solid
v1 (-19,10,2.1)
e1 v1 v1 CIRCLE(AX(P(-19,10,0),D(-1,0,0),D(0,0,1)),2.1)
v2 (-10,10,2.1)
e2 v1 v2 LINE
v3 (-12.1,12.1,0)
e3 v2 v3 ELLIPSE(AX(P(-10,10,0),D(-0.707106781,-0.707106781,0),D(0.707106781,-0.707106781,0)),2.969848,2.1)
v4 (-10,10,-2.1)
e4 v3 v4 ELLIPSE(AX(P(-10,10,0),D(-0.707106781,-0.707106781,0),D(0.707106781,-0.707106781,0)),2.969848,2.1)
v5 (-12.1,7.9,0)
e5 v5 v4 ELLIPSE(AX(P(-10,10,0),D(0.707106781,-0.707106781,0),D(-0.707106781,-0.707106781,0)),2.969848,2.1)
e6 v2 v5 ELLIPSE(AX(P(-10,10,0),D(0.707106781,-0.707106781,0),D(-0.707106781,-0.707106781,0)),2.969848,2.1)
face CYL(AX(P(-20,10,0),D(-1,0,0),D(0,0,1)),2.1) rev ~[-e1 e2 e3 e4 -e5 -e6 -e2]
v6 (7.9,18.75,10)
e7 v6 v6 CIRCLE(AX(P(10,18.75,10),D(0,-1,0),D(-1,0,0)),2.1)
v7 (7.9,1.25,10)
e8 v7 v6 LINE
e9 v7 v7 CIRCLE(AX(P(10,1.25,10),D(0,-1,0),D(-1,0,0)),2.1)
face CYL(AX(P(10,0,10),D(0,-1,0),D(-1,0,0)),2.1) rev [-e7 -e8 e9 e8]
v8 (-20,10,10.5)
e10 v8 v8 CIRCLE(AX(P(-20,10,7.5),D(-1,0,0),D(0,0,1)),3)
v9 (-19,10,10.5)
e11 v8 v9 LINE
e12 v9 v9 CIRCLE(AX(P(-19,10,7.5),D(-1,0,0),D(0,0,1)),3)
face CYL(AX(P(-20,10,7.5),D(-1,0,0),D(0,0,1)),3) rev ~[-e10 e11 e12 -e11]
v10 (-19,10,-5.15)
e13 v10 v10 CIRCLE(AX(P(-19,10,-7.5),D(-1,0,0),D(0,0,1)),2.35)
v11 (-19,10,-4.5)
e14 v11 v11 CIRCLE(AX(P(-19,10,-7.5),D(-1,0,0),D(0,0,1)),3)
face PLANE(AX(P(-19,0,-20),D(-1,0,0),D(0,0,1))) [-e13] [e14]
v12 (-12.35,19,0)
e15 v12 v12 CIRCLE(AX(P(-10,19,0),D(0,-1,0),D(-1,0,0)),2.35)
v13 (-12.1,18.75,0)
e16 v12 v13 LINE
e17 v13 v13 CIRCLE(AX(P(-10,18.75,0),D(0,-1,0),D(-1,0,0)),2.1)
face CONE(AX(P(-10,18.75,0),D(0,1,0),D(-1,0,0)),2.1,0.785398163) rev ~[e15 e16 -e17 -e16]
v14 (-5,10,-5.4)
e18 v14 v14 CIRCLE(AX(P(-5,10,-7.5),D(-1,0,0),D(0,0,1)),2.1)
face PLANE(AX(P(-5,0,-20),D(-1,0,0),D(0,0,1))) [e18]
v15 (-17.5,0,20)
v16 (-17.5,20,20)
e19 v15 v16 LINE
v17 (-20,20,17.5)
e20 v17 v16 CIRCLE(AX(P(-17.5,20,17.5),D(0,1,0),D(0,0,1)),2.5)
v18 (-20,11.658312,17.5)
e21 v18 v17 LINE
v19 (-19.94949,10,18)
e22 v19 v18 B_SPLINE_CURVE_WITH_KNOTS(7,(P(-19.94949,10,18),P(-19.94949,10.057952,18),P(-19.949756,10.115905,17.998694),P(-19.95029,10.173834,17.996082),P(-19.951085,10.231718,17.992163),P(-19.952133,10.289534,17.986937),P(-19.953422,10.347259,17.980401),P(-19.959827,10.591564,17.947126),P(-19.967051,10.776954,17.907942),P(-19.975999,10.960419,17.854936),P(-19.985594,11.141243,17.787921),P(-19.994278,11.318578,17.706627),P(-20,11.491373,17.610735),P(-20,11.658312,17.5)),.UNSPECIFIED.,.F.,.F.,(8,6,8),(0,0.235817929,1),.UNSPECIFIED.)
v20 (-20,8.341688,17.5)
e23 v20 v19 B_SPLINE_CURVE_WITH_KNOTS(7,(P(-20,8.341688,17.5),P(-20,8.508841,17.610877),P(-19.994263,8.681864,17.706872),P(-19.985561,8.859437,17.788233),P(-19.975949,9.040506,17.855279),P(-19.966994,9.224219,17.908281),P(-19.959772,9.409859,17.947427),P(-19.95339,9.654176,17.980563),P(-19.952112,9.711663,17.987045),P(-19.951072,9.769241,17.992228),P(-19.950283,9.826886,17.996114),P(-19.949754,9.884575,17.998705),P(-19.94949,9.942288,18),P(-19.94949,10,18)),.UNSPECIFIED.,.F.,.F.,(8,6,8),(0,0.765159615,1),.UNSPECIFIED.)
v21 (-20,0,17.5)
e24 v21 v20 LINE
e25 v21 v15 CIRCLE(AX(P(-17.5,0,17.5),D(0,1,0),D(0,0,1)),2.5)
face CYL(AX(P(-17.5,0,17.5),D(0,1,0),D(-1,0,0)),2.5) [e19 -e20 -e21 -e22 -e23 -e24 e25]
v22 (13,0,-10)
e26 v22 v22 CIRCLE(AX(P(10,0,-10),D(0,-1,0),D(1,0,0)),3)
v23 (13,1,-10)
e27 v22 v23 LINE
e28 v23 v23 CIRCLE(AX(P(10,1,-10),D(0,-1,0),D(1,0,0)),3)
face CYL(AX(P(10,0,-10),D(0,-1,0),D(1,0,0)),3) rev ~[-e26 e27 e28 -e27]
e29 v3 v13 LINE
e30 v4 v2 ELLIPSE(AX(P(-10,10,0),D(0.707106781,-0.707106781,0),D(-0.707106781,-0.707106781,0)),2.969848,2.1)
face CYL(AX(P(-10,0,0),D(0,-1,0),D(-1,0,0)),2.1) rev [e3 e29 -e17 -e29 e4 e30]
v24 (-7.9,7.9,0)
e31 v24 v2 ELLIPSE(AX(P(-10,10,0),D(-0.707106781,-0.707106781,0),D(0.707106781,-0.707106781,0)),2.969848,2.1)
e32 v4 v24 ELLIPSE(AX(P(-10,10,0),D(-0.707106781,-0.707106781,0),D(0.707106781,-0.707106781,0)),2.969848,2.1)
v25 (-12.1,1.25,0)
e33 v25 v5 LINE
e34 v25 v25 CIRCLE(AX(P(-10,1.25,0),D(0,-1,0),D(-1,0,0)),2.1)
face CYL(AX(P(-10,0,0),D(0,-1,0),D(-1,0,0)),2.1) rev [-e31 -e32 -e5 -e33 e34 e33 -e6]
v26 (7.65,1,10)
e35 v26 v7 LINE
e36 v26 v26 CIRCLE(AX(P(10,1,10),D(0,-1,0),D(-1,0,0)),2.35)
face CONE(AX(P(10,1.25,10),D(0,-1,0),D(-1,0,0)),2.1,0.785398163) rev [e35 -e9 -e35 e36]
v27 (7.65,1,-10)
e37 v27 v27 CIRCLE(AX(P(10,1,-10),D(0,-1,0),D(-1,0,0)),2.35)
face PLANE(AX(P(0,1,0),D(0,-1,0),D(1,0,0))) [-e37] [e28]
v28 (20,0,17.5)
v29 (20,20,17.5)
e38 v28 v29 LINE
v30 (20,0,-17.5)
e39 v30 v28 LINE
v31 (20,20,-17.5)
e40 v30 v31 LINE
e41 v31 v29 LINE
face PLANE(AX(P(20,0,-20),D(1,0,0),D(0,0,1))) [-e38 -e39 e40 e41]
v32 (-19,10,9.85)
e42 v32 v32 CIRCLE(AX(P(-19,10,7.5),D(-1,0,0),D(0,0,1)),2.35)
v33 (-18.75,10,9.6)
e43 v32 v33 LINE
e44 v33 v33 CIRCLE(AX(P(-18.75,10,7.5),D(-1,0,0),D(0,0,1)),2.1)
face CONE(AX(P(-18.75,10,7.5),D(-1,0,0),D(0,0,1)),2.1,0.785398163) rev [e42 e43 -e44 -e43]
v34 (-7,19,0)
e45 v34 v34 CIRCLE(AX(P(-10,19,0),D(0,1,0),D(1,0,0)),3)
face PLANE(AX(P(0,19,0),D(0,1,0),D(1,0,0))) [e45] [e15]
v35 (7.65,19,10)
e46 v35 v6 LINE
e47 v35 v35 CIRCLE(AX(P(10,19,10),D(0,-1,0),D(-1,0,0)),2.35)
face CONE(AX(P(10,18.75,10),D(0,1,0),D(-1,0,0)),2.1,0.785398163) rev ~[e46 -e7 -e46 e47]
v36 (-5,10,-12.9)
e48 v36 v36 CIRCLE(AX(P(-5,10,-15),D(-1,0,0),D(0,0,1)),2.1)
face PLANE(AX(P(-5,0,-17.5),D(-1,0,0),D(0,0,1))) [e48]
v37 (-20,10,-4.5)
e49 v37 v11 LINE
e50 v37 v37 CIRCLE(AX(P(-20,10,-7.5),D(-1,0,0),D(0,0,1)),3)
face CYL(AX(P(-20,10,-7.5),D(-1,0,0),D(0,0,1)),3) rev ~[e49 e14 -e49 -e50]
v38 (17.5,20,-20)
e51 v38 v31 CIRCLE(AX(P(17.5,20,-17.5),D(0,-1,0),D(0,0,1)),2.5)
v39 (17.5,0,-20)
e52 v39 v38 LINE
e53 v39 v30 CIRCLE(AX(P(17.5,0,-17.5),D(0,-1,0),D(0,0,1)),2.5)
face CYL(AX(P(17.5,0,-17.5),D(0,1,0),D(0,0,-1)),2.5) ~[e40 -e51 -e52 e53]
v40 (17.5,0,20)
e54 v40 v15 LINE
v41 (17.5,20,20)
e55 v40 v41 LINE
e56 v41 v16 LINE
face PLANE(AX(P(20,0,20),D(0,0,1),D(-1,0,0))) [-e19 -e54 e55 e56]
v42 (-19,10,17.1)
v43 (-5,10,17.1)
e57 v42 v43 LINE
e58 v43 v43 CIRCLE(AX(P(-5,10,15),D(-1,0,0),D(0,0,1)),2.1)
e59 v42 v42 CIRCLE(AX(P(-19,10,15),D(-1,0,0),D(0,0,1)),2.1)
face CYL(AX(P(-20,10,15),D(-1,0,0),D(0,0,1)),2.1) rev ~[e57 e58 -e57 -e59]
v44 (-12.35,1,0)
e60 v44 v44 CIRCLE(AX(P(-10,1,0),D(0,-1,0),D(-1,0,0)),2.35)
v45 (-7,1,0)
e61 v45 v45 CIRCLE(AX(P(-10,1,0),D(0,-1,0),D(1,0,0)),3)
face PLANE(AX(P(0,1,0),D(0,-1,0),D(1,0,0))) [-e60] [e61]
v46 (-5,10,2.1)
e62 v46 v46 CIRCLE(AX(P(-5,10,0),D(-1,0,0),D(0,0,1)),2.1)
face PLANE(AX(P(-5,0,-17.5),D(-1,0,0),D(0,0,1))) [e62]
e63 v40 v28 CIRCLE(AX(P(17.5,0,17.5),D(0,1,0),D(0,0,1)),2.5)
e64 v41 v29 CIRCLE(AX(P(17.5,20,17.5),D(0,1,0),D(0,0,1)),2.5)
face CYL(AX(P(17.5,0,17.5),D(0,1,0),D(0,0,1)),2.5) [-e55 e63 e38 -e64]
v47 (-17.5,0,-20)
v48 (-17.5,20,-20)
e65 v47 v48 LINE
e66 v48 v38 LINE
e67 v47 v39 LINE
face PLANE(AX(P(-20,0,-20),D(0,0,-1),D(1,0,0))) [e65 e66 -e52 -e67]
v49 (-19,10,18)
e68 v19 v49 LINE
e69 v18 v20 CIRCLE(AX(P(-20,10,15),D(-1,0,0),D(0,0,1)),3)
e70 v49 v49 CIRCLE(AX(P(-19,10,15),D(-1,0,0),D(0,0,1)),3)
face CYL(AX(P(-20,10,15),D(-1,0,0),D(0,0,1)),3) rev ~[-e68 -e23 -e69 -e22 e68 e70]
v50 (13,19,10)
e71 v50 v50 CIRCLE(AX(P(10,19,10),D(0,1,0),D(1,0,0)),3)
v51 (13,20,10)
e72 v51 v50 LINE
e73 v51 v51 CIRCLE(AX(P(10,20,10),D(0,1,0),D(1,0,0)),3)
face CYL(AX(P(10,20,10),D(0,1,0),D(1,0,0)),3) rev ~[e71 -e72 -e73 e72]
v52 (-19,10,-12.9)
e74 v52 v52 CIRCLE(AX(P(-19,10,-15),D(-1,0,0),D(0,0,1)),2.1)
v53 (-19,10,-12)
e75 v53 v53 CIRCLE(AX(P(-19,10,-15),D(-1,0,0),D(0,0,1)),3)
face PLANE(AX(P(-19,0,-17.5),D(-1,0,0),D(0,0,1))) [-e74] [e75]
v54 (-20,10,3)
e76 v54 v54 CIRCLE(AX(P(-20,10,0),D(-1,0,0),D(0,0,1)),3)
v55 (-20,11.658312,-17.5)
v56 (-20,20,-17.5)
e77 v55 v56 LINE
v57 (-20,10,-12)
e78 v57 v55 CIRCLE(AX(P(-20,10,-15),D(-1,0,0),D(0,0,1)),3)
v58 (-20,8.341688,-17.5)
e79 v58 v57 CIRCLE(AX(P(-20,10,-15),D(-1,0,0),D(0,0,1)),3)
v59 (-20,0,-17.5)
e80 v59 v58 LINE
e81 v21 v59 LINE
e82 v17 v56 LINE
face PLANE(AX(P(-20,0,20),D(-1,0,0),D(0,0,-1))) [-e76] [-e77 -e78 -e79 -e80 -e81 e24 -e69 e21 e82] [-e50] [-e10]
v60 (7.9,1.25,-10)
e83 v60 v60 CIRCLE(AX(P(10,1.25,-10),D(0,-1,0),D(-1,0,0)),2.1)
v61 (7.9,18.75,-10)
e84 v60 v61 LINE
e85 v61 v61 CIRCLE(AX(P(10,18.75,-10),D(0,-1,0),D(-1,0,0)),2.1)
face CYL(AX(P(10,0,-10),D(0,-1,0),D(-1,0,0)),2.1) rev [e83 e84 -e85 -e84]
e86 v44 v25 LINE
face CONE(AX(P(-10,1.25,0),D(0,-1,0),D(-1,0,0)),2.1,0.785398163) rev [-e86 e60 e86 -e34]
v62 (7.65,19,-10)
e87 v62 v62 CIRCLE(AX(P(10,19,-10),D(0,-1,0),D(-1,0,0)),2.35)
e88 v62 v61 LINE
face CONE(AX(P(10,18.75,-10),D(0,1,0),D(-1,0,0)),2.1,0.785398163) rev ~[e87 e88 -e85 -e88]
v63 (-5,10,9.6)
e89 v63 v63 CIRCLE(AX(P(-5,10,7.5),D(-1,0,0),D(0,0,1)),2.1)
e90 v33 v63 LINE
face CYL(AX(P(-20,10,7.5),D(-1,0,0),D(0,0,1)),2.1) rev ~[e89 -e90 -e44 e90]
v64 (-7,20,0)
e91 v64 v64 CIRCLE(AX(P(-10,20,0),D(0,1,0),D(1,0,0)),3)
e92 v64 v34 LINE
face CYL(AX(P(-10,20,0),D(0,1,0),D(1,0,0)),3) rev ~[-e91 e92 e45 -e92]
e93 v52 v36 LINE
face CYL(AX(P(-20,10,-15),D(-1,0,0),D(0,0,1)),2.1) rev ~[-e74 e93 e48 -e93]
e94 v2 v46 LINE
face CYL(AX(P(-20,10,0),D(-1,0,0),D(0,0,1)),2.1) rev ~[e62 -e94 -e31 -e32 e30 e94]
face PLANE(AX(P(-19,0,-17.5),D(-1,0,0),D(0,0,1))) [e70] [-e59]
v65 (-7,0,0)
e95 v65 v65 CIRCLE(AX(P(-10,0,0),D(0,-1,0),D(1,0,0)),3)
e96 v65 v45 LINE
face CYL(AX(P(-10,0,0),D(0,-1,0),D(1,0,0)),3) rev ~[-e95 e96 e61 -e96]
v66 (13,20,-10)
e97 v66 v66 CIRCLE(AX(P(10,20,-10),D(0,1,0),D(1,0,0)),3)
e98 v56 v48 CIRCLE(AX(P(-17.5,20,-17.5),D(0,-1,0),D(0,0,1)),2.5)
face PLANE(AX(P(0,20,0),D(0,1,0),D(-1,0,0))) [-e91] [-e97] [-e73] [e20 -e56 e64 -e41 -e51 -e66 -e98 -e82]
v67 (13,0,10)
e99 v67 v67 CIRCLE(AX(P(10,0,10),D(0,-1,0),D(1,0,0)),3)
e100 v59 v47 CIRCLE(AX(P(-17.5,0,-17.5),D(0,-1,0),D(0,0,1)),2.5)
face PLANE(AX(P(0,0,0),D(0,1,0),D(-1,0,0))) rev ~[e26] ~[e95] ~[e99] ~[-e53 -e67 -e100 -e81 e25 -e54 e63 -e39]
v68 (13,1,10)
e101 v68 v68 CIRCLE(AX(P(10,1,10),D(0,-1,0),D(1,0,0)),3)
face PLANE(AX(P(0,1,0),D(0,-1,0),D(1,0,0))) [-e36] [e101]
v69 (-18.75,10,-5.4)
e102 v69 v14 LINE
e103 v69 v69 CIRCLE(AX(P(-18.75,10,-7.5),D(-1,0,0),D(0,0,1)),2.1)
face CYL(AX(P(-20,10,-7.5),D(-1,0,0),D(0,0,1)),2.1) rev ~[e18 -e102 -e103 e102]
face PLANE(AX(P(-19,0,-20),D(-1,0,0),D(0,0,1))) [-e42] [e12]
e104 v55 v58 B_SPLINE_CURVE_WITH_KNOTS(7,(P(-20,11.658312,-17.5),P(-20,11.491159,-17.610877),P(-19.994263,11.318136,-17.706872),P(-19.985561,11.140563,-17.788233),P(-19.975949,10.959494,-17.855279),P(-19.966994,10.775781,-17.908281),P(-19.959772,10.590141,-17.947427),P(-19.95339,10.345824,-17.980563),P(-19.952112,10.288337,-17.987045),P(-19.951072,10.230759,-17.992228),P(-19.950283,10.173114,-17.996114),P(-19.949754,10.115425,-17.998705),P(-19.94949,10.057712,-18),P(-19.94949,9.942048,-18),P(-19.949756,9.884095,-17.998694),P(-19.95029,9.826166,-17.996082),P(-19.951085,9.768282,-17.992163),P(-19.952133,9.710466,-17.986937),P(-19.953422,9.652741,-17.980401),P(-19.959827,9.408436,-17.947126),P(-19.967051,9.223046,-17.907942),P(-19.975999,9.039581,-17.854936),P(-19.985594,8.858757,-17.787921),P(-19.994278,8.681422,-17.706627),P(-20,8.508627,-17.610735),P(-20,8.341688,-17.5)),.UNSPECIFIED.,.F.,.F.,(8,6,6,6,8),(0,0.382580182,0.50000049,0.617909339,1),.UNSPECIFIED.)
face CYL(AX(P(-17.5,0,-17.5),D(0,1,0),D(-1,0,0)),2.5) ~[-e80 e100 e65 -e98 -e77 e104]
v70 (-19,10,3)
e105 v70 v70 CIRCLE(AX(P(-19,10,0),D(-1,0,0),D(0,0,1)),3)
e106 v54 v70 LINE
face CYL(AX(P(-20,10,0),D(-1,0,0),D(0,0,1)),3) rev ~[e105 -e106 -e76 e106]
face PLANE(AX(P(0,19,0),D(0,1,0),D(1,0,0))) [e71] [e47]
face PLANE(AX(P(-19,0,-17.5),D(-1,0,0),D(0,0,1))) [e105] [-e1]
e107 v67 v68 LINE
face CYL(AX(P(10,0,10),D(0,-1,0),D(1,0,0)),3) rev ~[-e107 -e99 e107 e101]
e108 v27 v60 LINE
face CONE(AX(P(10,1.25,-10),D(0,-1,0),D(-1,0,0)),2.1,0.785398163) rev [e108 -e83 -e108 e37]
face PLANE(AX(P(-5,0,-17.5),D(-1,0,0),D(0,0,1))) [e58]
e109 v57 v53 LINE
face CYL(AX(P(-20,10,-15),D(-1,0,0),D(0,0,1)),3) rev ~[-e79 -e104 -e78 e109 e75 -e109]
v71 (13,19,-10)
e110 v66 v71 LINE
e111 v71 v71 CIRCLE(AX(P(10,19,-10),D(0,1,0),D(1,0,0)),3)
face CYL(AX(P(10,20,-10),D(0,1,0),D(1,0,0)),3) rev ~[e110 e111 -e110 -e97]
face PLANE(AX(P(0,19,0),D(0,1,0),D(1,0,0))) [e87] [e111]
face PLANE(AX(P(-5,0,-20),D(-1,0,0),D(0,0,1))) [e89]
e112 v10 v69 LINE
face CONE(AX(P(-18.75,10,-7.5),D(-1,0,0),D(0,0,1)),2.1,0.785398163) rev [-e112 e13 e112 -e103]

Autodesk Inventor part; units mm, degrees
ref_plane "YZ Plane" through (0, 0, 0) normal (1, 0, 0) x (0, 1, 0)
ref_plane "XZ Plane" through (0, 0, 0) normal (0, 1, 0) x (-1, 0, 0)
ref_plane "XY Plane" through (0, 0, 0) normal (0, 0, 1) x (1, 0, 0)
sketch "Sketch1" plane through (0, 0, 0) normal (0, 1, 0) x (-1, 0, 0)
  line L0 (-20, 20) -> (20, 20)
  line L1 (20, 20) -> (20, -20)
  line L2 (20, -20) -> (-20, -20)
  line L3 (-20, -20) -> (-20, 20)
  line L4 (-20, 20) -> (20, -20) construction
  line L5 (20, 20) -> (-20, -20) construction
  line L6 (20, 0) -> (10, 0) construction
  circle A0 centre (10, 0) radius 2.1
  line L7 (10, 0) -> (0, 0) construction
  line L8 (0, 0) -> (-10, 0) construction
  line L9 (-10, 0) -> (-10, -10) construction
  line L10 (-10, -10) -> (-10, 10) construction
  circle A1 centre (-10, 10) radius 2.1
  circle A2 centre (-10, -10) radius 2.1
  dimension "d0" = 40
  dimension "d1" = 40
  dimension "d2" = 10
  dimension "d3" = 4.2
  dimension "d4" = 10
  dimension "d5" = 10
  dimension "d6" = 10
  dimension "d7" = 20
  dimension "d8" = 4.2
  dimension "d9" = 4.2
extrude "Extrusion1" add sketch "Sketch1" along normal blind 20
sketch "Sketch2" plane through (0, 20, 0) normal (0, 1, 0) x (1, 0, 0)
  circle A0 centre (-10, 0) radius 2.1 projected
  circle A1 centre (-10, 0) radius 3
  circle A2 centre (10, 10) radius 2.1 projected
  circle A3 centre (10, 10) radius 3
  circle A4 centre (10, -10) radius 2.1 projected
  circle A5 centre (10, -10) radius 3
  point P0 (0, 0)
  dimension "d12" = 6
  dimension "d13" = 6
  dimension "d14" = 6
extrude "Extrusion2" cut sketch "Sketch2" against normal blind 1 contours A0 | A1 | A2 | A3 | A4 | A5
sketch "Sketch3" plane through (0, 0, 0) normal (0, -1, 0) x (1, 0, 0)
  circle A0 centre (-10, 0) radius 2.1 projected
  circle A1 centre (-10, 0) radius 3
  circle A2 centre (10, 10) radius 3 projected
  circle A3 centre (10, 10) radius 3
  circle A4 centre (10, -10) radius 2.1 projected
  circle A5 centre (10, -10) radius 3
  point P0 (0, 0)
  dimension "d17" = 6
  dimension "d18" = 6
  dimension "d19" = 6
extrude "Extrusion3" cut sketch "Sketch3" against normal blind 1 contours A0 | A1 | A2 | A4 | A5
chamfer "Chamfer1" distance 0.25 angle 45 6 edges at (12.1, 1, 10) (-7.9, 1, 0) (12.1, 1, -10) (12.1, 19, -10) (-7.9, 19, 0) (12.1, 19, 10)
sketch "Sketch4" plane through (-20, 0, -20) normal (-1, 0, 0) x (0, 0, 1)
  line L0 (40, 20) -> (0, 20) construction
  line L1 (20, 20) -> (20, 0) construction
  line L2 (20, 10) -> (27.5, 10) construction
  line L3 (27.5, 10) -> (12.5, 10) construction
  circle A0 centre (12.5, 10) radius 2.1
  circle A1 centre (27.5, 10) radius 2.1
  dimension "d25" = 7.5
  dimension "d26" = 15
  dimension "d27" = 4.2
  dimension "d28" = 4.2
extrude "Extrusion4" cut sketch "Sketch4" against normal blind 15
sketch "Sketch5" plane through (-20, 0, -20) normal (-1, 0, 0) x (0, 0, 1)
  circle A0 centre (12.5, 10) radius 2.1 projected
  circle A1 centre (12.5, 10) radius 3
  circle A2 centre (27.5, 10) radius 2.1 projected
  circle A3 centre (27.5, 10) radius 3
  point P0 (20, 0)
  dimension "d31" = 6
  dimension "d32" = 6
extrude "Extrusion5" cut sketch "Sketch5" against normal blind 1 contours A0 | A1 | A2 | A3
chamfer "Chamfer2" distance 0.25 angle 45 2 edges at (-19, 10, -9.6) (-19, 10, 5.4)
fillet "Fillet1" radius 2.5 4 edges at (-20, 10, -20) (-20, 10, 20) (20, 10, 20) (20, 10, -20)
sketch "Sketch6" plane through (-20, 0, -17.5) normal (-1, 0, 0) x (0, 0, 1)
  line L0 (14.5, 20) -> (20.5, 20) construction
  line L1 (17.5, 20) -> (17.5, 0) construction
  circle A0 centre (17.5, 10) radius 2.1
  line L2 (17.5, 10) -> (32.5, 10) construction
  line L3 (35, 20) -> (35, 0) projected
  circle A1 centre (32.5, 10) radius 2.1
  line L4 (17.5, 10) -> (2.5, 10) construction
  circle A2 centre (2.5, 10) radius 2.1
  dimension "d39" = 4.2
  dimension "d40" = 15
  dimension "d41" = 4.2
  dimension "d43" = 15
  dimension "d44" = 4.2
extrude "Extrusion6" cut sketch "Sketch6" against normal up to surface (15 mm away)
sketch "Sketch7" plane through (-20, 0, -17.5) normal (-1, 0, 0) x (0, 0, 1)
  circle A0 centre (2.5, 10) radius 2.1 projected
  circle A1 centre (2.5, 10) radius 3
  circle A2 centre (17.5, 10) radius 2.1 projected
  circle A3 centre (17.5, 10) radius 3
  circle A4 centre (32.5, 10) radius 2.1 projected
  circle A5 centre (32.5, 10) radius 3
  point P0 (17.5, 0)
  dimension "d47" = 6
  dimension "d48" = 6
  dimension "d49" = 6
extrude "Extrusion7" cut sketch "Sketch7" against normal blind 1 contours A0 | A1 | A3 | A4 | A5
properties part number "Tool_Holder" material "ABS Plastic"
